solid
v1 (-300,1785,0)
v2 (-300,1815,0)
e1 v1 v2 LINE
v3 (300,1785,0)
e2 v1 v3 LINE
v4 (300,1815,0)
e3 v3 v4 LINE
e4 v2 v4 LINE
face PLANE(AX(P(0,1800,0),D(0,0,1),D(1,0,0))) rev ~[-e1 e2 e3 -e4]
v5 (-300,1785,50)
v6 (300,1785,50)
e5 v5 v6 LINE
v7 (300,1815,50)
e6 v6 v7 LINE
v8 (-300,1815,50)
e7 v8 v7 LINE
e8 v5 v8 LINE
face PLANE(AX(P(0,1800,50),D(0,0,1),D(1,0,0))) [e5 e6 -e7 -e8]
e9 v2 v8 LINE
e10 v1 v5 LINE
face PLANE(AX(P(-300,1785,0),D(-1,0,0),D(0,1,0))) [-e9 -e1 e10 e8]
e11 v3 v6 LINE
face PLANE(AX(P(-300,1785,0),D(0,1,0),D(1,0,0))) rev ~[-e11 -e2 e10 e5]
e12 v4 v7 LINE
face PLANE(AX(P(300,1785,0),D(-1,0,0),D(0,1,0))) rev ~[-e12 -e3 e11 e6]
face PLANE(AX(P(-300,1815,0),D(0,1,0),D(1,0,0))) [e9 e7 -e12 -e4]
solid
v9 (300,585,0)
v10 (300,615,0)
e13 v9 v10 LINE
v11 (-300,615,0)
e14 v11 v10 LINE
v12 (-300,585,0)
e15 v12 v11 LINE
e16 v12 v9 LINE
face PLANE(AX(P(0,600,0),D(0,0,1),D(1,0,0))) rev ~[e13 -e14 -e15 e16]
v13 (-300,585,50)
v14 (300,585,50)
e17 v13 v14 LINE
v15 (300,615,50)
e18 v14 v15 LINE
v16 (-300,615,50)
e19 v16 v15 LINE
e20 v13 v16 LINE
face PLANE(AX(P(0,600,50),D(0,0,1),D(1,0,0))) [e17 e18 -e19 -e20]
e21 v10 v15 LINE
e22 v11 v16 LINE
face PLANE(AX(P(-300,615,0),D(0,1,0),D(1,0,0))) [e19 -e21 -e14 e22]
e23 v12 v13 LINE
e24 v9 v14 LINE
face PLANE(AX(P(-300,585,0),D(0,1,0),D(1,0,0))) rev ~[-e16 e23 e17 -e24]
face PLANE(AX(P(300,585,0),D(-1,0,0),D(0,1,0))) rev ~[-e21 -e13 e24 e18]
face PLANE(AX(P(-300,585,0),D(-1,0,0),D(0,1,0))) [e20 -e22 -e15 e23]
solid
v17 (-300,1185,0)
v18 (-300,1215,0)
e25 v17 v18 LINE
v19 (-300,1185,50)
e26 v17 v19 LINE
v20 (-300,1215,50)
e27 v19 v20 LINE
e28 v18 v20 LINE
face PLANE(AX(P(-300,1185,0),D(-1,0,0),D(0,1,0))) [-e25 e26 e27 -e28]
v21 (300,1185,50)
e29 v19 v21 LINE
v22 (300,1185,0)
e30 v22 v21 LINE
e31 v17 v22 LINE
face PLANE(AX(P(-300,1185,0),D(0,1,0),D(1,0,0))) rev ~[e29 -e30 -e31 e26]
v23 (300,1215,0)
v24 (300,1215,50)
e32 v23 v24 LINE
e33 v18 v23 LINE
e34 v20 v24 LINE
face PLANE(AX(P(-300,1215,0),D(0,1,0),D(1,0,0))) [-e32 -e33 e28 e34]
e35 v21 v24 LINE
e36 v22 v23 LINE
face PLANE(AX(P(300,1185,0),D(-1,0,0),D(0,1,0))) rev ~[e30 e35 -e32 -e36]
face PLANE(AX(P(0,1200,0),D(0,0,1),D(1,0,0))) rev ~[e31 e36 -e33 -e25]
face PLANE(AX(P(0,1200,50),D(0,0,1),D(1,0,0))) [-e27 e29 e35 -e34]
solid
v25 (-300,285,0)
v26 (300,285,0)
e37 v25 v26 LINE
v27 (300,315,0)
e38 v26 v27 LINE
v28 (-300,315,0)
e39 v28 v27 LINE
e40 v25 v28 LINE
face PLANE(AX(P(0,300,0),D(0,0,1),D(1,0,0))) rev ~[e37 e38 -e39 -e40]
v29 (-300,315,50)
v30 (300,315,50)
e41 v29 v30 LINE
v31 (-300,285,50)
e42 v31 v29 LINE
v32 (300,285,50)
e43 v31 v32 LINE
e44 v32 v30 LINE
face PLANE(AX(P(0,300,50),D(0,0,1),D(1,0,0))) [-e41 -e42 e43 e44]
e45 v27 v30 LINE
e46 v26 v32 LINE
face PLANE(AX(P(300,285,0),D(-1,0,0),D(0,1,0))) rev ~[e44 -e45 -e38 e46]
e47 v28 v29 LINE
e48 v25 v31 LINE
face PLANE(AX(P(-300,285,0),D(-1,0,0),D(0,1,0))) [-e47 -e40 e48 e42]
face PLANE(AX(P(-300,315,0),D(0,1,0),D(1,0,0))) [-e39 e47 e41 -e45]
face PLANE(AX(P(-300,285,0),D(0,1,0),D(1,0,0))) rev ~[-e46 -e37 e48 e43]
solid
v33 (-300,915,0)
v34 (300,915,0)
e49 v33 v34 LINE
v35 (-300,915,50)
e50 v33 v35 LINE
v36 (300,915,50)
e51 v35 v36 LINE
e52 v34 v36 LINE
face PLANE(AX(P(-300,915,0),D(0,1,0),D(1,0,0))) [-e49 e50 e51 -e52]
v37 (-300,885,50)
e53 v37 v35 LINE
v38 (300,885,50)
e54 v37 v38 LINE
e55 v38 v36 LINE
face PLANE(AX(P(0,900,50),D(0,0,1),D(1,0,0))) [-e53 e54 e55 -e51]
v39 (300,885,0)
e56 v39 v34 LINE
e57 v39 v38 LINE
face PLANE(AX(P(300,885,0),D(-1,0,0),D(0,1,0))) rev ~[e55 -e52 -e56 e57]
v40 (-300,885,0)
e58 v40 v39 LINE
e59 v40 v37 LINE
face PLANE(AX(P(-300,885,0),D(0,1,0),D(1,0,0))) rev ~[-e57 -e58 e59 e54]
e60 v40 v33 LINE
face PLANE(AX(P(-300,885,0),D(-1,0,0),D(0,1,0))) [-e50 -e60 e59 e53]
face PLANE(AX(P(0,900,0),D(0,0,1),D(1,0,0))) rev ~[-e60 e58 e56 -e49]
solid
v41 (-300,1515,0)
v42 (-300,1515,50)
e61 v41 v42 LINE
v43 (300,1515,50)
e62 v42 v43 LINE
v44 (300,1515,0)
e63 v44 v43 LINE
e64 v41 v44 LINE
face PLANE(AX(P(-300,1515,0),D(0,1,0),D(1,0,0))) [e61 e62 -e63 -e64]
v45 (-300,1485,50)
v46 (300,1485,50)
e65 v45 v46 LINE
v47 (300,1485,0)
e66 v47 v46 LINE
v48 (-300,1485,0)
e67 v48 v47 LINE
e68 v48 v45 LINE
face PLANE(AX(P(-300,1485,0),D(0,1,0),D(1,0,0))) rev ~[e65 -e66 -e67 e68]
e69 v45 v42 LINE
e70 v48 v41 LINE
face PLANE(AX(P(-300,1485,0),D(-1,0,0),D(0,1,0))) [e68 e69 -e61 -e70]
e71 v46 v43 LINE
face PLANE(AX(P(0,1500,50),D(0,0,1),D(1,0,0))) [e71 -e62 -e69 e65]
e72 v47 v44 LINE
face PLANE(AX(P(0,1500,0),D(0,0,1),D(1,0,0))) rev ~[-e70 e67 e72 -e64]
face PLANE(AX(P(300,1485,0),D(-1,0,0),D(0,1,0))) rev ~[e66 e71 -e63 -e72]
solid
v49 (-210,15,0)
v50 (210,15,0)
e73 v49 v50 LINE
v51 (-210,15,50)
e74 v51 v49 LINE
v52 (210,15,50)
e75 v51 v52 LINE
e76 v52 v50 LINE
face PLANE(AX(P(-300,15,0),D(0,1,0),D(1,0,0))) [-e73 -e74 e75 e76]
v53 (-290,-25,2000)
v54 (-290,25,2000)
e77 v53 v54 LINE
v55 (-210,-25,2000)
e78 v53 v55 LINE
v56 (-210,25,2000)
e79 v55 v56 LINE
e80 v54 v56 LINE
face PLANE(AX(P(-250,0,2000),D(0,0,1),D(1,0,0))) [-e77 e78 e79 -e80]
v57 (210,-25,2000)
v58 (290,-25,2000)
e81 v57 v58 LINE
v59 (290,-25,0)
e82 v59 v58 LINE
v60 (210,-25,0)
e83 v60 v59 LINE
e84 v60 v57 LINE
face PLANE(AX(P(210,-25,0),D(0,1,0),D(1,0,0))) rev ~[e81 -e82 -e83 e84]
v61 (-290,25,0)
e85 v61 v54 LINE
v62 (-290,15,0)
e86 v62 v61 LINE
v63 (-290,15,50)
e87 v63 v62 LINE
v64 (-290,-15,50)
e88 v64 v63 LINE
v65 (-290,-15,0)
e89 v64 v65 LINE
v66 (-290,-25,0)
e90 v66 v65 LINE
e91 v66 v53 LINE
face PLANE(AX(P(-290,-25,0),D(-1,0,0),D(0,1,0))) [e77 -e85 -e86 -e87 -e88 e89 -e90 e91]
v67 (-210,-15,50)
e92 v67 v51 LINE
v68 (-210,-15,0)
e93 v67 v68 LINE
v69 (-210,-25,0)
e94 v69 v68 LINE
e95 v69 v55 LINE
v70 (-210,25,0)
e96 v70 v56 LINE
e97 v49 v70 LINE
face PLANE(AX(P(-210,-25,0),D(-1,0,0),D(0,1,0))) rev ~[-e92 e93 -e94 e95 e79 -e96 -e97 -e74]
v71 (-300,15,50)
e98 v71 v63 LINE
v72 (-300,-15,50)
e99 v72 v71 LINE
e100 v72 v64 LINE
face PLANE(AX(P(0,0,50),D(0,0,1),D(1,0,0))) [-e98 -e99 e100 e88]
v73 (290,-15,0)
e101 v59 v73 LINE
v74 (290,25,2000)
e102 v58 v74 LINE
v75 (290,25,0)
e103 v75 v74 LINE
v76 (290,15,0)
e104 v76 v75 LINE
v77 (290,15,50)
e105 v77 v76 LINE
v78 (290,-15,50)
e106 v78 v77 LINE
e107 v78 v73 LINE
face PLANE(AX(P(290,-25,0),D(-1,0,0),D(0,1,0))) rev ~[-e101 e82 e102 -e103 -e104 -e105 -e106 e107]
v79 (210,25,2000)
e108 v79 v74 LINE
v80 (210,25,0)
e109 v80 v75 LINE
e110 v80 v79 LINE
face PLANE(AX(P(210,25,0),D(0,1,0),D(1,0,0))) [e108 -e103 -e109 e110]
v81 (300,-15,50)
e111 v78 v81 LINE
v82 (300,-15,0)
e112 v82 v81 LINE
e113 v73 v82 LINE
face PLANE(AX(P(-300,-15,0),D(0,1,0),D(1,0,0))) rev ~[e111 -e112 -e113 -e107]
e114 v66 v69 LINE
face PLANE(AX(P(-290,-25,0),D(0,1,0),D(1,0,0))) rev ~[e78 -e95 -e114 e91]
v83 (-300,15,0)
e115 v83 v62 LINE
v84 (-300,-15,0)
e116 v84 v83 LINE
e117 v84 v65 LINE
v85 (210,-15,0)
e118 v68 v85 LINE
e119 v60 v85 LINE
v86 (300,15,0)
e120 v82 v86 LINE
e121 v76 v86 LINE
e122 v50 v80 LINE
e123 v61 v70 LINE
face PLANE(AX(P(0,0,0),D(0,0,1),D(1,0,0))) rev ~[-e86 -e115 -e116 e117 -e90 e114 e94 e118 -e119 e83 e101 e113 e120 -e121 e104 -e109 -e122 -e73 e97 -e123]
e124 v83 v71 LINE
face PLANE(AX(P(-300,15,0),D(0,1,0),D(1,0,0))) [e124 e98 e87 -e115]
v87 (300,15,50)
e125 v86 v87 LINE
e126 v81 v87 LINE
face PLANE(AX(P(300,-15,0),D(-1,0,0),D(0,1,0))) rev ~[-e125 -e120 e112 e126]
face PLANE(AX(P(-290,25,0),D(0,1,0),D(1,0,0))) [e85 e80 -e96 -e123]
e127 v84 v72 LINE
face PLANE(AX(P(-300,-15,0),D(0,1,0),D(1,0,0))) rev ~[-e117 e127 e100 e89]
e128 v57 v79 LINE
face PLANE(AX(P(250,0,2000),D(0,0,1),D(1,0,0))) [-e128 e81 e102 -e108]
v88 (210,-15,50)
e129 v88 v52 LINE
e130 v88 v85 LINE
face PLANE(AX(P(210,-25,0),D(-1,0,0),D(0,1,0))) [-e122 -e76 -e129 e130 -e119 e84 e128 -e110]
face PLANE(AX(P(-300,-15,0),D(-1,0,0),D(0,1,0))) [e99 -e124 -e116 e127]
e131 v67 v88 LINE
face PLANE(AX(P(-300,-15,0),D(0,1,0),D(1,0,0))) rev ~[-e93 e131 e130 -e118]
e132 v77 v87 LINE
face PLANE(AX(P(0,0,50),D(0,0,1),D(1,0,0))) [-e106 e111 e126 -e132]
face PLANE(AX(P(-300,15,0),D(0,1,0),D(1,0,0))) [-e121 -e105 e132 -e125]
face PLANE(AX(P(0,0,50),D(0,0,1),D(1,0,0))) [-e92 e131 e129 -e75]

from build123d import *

# Parameters (mm, degrees)
SKETCH_1_W      = 80
SKETCH_1_H      = 50
EXTRUDE_1_DEPTH = 2000
SKETCH_2_W      = 80
SKETCH_2_H      = 50
EXTRUDE_2_DEPTH = 2000
SKETCH_3_W      = 600
SKETCH_3_H      = 30
EXTRUDE_3_DEPTH = 50
SKETCH_4_W      = 600
SKETCH_4_H      = 30
EXTRUDE_4_DEPTH = 50
SKETCH_5_W      = 600
SKETCH_5_H      = 30
EXTRUDE_5_DEPTH = 50
SKETCH_6_W      = 600
SKETCH_6_H      = 30
EXTRUDE_6_DEPTH = 50
SKETCH_7_W      = 600
SKETCH_7_H      = 30
EXTRUDE_7_DEPTH = 50
SKETCH_8_W      = 600
SKETCH_8_H      = 30
EXTRUDE_8_DEPTH = 50
SKETCH_9_W      = 600
SKETCH_9_H      = 30
EXTRUDE_9_DEPTH = 50


with BuildPart() as part:
    # 草图1 → 凸台-拉伸1 (new body)
    with BuildSketch(Plane.XY):
        with Locations((-250, 0)):
            Rectangle(SKETCH_1_W, SKETCH_1_H)
    extrude(amount=EXTRUDE_1_DEPTH)



with BuildPart() as body_2:
    # 草图2 → 凸台-拉伸2 (new body)
    with BuildSketch(Plane.XY):
        with Locations((250, 0)):
            Rectangle(SKETCH_2_W, SKETCH_2_H)
    extrude(amount=EXTRUDE_2_DEPTH)


with BuildPart() as part_1:
    add(part.part)

    add(body_2.part)  # 凸台-拉伸3 merges body 2
    # 草图3 → 凸台-拉伸3 (add)
    with BuildSketch(Plane.XY):
        Rectangle(SKETCH_3_W, SKETCH_3_H)
    extrude(amount=EXTRUDE_3_DEPTH)


with BuildPart() as body_2_2:
    # 草图4 → 凸台-拉伸4 (new body)
    with BuildSketch(Plane.XY):
        with Locations((0, 300)):
            Rectangle(SKETCH_4_W, SKETCH_4_H)
    extrude(amount=EXTRUDE_4_DEPTH)


with BuildPart() as body_3:
    # 草图5 → 凸台-拉伸5 (new body)
    with BuildSketch(Plane.XY):
        with Locations((0, 600)):
            Rectangle(SKETCH_5_W, SKETCH_5_H)
    extrude(amount=EXTRUDE_5_DEPTH)


with BuildPart() as body_4:
    # 草图6 → 凸台-拉伸6 (new body)
    with BuildSketch(Plane.XY):
        with Locations((0, 900)):
            Rectangle(SKETCH_6_W, SKETCH_6_H)
    extrude(amount=EXTRUDE_6_DEPTH)


with BuildPart() as body_5:
    # 草图7 → 凸台-拉伸7 (new body)
    with BuildSketch(Plane.XY):
        with Locations((0, 1200)):
            Rectangle(SKETCH_7_W, SKETCH_7_H)
    extrude(amount=EXTRUDE_7_DEPTH)


with BuildPart() as body_6:
    # 草图8 → 凸台-拉伸8 (new body)
    with BuildSketch(Plane.XY):
        with Locations((0, 1500)):
            Rectangle(SKETCH_8_W, SKETCH_8_H)
    extrude(amount=EXTRUDE_8_DEPTH)


with BuildPart() as body_7:
    # 草图9 → 凸台-拉伸9 (new body)
    with BuildSketch(Plane.XY):
        with Locations((0, 1800)):
            Rectangle(SKETCH_9_W, SKETCH_9_H)
    extrude(amount=EXTRUDE_9_DEPTH)


solid = Compound([part_1.part, body_2_2.part, body_3.part, body_4.part, body_5.part, body_6.part, body_7.part])
